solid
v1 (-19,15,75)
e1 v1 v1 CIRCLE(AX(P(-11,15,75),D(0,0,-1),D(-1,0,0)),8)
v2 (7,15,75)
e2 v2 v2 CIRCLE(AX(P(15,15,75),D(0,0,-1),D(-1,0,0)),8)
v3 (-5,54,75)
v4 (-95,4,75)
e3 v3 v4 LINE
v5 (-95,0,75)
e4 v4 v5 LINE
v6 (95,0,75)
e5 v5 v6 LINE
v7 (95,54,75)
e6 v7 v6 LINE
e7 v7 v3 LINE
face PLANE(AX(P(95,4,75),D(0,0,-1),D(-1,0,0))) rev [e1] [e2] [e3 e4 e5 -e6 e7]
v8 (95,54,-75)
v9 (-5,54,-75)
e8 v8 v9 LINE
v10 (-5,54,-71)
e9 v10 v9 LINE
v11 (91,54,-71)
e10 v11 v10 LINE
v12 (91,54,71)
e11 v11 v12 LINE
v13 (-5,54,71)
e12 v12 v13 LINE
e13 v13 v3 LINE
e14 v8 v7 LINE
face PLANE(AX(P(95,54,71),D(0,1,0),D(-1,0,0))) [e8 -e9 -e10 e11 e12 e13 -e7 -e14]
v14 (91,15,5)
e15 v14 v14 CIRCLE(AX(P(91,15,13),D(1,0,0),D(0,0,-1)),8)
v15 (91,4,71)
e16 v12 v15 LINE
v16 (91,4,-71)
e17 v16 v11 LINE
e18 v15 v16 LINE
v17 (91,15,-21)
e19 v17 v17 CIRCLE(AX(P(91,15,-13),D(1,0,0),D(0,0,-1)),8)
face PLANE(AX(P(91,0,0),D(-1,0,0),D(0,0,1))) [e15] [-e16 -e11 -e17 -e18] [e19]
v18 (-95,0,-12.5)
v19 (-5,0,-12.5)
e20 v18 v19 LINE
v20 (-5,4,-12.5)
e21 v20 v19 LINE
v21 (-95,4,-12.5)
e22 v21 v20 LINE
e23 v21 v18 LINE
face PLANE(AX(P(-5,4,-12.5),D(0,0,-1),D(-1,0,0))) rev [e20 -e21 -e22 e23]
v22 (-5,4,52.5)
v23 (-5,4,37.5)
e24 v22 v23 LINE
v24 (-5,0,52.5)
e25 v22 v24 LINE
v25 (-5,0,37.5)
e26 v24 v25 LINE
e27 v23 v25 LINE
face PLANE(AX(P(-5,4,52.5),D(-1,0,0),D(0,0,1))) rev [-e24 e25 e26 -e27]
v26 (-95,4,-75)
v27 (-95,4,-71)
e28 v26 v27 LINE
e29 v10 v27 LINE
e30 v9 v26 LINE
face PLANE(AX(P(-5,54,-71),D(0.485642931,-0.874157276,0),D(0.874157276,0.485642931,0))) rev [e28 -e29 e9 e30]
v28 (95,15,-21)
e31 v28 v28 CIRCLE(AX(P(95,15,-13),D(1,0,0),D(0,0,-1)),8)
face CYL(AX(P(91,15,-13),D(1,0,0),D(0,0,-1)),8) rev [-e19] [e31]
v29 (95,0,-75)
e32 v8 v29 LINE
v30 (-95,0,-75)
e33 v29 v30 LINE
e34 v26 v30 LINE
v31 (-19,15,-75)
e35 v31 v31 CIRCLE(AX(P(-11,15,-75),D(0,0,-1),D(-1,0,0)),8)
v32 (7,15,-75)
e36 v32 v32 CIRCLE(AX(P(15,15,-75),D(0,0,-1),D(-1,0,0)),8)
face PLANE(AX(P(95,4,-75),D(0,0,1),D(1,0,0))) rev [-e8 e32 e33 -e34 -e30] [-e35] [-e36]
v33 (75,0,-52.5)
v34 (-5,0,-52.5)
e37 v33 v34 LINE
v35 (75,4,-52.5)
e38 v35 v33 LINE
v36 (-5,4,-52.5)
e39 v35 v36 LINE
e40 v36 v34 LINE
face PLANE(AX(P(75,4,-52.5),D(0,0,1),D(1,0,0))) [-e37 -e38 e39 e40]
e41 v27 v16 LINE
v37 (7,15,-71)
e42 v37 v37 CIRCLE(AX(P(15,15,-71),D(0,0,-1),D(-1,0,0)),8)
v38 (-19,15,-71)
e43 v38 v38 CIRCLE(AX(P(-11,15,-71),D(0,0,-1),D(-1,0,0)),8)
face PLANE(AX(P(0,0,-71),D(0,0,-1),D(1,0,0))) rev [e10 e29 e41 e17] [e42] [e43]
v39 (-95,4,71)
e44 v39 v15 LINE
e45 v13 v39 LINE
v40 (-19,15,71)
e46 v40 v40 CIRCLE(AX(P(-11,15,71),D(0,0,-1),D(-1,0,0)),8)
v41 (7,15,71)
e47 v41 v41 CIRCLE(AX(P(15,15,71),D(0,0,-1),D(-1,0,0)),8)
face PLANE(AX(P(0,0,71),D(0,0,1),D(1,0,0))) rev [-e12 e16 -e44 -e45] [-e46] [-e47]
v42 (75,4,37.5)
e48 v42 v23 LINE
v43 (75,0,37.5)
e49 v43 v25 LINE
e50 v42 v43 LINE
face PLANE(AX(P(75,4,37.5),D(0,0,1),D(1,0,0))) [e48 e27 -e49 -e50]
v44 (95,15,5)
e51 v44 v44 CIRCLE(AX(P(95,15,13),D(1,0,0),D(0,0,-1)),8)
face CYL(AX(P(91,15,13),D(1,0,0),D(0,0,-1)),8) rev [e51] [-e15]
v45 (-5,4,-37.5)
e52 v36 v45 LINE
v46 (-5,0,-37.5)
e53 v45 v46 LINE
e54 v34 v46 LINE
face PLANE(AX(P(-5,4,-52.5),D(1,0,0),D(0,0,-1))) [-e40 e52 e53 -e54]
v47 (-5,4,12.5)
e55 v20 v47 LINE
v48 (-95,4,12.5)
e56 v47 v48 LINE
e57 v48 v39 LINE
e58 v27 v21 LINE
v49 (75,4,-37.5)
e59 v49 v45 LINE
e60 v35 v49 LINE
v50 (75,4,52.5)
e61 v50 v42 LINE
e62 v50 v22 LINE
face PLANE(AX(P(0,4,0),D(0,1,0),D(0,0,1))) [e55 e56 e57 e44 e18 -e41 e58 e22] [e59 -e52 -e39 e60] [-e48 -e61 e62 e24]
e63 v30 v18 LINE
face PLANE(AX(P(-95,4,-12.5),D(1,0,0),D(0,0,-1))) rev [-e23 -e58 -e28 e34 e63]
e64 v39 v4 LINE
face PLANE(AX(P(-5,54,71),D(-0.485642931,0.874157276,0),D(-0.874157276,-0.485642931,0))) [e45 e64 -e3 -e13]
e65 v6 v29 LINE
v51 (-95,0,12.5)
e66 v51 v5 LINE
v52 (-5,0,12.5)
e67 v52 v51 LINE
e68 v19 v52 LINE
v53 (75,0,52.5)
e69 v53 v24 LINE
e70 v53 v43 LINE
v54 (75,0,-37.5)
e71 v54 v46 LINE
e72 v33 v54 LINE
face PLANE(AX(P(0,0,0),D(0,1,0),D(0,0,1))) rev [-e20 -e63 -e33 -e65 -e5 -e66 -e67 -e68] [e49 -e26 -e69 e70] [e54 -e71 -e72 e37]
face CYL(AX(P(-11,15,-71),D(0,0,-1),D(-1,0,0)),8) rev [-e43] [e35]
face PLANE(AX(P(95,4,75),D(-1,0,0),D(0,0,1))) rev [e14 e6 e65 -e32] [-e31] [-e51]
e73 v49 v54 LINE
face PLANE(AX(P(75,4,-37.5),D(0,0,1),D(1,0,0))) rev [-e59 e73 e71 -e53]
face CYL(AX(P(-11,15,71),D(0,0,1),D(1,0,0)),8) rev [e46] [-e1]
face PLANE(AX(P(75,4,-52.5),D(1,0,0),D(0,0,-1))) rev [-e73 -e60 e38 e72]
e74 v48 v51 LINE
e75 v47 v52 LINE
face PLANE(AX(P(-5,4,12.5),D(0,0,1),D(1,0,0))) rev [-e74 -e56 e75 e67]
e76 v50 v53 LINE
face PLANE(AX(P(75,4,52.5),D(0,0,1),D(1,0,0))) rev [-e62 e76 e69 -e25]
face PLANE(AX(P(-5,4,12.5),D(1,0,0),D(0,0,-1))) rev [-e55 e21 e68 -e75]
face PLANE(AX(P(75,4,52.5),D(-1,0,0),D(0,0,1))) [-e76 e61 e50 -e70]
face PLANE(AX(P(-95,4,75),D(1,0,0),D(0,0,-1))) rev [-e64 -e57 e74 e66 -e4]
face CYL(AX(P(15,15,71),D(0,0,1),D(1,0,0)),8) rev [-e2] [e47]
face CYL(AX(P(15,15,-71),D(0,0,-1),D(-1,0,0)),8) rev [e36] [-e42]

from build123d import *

# Parameters (mm, degrees)
BOSS_EXTRUDE1_DEPTH = 4
BOSS_EXTRUDE2_DEPTH = 4
SKETCH3_W           = 142
SKETCH3_H           = 50
BOSS_EXTRUDE3_DEPTH = 4
SKETCH4_W           = 80
SKETCH4_H           = 15
CUT_EXTRUDE1_DEPTH  = 4
SKETCH5_R           = 8
CUT_EXTRUDE2_DEPTH  = 4
SKETCH6_R           = 8
CUT_EXTRUDE3_DEPTH  = 4


with BuildPart() as part:
    # Sketch1 → Boss-Extrude1 (new body)
    with BuildSketch(Plane(origin=(0, 0, 0), x_dir=(1, 0, 0), z_dir=(0, 1, 0))):
        Polygon((-5, -12.5), (-5, 12.5), (-95, 12.5), (-95, 75), (95, 75), (95, -75), (-95, -75), (-95, -12.5), align=None)
    extrude(amount=BOSS_EXTRUDE1_DEPTH)

    # Sketch2 → Boss-Extrude2 (add)
    with BuildSketch(Plane.XY.offset(75)):
        Polygon((95, 4), (95, 54), (-5, 54), (-95, 4), align=None)
    boss_extrude2 = extrude(amount=-BOSS_EXTRUDE2_DEPTH)

    # Mirror1: Boss-Extrude2 across plane
    add(boss_extrude2.mirror(Plane.XY))

    # Sketch3 → Boss-Extrude3 (add)
    with BuildSketch(Plane(origin=(95, 0, 0), x_dir=(0, 0, -1), z_dir=(1, 0, 0))):
        with Locations((0, 29)):
            Rectangle(SKETCH3_W, SKETCH3_H)
    extrude(amount=-BOSS_EXTRUDE3_DEPTH)

    # Sketch4 → Cut-Extrude1 (cut)
    with BuildSketch(Plane.XZ):
        with Locations((35, 45)):
            Rectangle(SKETCH4_W, SKETCH4_H)
    cut_extrude1 = extrude(amount=-CUT_EXTRUDE1_DEPTH, mode=Mode.SUBTRACT)

    # Mirror2: Cut-Extrude1 across plane
    add(cut_extrude1.mirror(Plane.XY), mode=Mode.SUBTRACT)

    # Sketch5 → Cut-Extrude2 (cut)
    with BuildSketch(Plane(origin=(95, 0, 0), x_dir=(0, 0, -1), z_dir=(1, 0, 0))):
        with Locations((-13, 15)):
            Circle(SKETCH5_R)
        with Locations((13, 15)):
            Circle(SKETCH5_R)
    extrude(amount=-CUT_EXTRUDE2_DEPTH, mode=Mode.SUBTRACT)

    # Sketch6 → Cut-Extrude3 (cut)
    with BuildSketch(Plane(origin=(0, 0, -75), x_dir=(-1, 0, 0), z_dir=(0, 0, -1))):
        with Locations((-15, 15)):
            Circle(SKETCH6_R)
        with Locations((11, 15)):
            Circle(SKETCH6_R)
    cut_extrude3 = extrude(amount=-CUT_EXTRUDE3_DEPTH, mode=Mode.SUBTRACT)

    # Mirror3: Cut-Extrude3 across plane
    add(cut_extrude3.mirror(Plane.XY), mode=Mode.SUBTRACT)


solid = part.part
